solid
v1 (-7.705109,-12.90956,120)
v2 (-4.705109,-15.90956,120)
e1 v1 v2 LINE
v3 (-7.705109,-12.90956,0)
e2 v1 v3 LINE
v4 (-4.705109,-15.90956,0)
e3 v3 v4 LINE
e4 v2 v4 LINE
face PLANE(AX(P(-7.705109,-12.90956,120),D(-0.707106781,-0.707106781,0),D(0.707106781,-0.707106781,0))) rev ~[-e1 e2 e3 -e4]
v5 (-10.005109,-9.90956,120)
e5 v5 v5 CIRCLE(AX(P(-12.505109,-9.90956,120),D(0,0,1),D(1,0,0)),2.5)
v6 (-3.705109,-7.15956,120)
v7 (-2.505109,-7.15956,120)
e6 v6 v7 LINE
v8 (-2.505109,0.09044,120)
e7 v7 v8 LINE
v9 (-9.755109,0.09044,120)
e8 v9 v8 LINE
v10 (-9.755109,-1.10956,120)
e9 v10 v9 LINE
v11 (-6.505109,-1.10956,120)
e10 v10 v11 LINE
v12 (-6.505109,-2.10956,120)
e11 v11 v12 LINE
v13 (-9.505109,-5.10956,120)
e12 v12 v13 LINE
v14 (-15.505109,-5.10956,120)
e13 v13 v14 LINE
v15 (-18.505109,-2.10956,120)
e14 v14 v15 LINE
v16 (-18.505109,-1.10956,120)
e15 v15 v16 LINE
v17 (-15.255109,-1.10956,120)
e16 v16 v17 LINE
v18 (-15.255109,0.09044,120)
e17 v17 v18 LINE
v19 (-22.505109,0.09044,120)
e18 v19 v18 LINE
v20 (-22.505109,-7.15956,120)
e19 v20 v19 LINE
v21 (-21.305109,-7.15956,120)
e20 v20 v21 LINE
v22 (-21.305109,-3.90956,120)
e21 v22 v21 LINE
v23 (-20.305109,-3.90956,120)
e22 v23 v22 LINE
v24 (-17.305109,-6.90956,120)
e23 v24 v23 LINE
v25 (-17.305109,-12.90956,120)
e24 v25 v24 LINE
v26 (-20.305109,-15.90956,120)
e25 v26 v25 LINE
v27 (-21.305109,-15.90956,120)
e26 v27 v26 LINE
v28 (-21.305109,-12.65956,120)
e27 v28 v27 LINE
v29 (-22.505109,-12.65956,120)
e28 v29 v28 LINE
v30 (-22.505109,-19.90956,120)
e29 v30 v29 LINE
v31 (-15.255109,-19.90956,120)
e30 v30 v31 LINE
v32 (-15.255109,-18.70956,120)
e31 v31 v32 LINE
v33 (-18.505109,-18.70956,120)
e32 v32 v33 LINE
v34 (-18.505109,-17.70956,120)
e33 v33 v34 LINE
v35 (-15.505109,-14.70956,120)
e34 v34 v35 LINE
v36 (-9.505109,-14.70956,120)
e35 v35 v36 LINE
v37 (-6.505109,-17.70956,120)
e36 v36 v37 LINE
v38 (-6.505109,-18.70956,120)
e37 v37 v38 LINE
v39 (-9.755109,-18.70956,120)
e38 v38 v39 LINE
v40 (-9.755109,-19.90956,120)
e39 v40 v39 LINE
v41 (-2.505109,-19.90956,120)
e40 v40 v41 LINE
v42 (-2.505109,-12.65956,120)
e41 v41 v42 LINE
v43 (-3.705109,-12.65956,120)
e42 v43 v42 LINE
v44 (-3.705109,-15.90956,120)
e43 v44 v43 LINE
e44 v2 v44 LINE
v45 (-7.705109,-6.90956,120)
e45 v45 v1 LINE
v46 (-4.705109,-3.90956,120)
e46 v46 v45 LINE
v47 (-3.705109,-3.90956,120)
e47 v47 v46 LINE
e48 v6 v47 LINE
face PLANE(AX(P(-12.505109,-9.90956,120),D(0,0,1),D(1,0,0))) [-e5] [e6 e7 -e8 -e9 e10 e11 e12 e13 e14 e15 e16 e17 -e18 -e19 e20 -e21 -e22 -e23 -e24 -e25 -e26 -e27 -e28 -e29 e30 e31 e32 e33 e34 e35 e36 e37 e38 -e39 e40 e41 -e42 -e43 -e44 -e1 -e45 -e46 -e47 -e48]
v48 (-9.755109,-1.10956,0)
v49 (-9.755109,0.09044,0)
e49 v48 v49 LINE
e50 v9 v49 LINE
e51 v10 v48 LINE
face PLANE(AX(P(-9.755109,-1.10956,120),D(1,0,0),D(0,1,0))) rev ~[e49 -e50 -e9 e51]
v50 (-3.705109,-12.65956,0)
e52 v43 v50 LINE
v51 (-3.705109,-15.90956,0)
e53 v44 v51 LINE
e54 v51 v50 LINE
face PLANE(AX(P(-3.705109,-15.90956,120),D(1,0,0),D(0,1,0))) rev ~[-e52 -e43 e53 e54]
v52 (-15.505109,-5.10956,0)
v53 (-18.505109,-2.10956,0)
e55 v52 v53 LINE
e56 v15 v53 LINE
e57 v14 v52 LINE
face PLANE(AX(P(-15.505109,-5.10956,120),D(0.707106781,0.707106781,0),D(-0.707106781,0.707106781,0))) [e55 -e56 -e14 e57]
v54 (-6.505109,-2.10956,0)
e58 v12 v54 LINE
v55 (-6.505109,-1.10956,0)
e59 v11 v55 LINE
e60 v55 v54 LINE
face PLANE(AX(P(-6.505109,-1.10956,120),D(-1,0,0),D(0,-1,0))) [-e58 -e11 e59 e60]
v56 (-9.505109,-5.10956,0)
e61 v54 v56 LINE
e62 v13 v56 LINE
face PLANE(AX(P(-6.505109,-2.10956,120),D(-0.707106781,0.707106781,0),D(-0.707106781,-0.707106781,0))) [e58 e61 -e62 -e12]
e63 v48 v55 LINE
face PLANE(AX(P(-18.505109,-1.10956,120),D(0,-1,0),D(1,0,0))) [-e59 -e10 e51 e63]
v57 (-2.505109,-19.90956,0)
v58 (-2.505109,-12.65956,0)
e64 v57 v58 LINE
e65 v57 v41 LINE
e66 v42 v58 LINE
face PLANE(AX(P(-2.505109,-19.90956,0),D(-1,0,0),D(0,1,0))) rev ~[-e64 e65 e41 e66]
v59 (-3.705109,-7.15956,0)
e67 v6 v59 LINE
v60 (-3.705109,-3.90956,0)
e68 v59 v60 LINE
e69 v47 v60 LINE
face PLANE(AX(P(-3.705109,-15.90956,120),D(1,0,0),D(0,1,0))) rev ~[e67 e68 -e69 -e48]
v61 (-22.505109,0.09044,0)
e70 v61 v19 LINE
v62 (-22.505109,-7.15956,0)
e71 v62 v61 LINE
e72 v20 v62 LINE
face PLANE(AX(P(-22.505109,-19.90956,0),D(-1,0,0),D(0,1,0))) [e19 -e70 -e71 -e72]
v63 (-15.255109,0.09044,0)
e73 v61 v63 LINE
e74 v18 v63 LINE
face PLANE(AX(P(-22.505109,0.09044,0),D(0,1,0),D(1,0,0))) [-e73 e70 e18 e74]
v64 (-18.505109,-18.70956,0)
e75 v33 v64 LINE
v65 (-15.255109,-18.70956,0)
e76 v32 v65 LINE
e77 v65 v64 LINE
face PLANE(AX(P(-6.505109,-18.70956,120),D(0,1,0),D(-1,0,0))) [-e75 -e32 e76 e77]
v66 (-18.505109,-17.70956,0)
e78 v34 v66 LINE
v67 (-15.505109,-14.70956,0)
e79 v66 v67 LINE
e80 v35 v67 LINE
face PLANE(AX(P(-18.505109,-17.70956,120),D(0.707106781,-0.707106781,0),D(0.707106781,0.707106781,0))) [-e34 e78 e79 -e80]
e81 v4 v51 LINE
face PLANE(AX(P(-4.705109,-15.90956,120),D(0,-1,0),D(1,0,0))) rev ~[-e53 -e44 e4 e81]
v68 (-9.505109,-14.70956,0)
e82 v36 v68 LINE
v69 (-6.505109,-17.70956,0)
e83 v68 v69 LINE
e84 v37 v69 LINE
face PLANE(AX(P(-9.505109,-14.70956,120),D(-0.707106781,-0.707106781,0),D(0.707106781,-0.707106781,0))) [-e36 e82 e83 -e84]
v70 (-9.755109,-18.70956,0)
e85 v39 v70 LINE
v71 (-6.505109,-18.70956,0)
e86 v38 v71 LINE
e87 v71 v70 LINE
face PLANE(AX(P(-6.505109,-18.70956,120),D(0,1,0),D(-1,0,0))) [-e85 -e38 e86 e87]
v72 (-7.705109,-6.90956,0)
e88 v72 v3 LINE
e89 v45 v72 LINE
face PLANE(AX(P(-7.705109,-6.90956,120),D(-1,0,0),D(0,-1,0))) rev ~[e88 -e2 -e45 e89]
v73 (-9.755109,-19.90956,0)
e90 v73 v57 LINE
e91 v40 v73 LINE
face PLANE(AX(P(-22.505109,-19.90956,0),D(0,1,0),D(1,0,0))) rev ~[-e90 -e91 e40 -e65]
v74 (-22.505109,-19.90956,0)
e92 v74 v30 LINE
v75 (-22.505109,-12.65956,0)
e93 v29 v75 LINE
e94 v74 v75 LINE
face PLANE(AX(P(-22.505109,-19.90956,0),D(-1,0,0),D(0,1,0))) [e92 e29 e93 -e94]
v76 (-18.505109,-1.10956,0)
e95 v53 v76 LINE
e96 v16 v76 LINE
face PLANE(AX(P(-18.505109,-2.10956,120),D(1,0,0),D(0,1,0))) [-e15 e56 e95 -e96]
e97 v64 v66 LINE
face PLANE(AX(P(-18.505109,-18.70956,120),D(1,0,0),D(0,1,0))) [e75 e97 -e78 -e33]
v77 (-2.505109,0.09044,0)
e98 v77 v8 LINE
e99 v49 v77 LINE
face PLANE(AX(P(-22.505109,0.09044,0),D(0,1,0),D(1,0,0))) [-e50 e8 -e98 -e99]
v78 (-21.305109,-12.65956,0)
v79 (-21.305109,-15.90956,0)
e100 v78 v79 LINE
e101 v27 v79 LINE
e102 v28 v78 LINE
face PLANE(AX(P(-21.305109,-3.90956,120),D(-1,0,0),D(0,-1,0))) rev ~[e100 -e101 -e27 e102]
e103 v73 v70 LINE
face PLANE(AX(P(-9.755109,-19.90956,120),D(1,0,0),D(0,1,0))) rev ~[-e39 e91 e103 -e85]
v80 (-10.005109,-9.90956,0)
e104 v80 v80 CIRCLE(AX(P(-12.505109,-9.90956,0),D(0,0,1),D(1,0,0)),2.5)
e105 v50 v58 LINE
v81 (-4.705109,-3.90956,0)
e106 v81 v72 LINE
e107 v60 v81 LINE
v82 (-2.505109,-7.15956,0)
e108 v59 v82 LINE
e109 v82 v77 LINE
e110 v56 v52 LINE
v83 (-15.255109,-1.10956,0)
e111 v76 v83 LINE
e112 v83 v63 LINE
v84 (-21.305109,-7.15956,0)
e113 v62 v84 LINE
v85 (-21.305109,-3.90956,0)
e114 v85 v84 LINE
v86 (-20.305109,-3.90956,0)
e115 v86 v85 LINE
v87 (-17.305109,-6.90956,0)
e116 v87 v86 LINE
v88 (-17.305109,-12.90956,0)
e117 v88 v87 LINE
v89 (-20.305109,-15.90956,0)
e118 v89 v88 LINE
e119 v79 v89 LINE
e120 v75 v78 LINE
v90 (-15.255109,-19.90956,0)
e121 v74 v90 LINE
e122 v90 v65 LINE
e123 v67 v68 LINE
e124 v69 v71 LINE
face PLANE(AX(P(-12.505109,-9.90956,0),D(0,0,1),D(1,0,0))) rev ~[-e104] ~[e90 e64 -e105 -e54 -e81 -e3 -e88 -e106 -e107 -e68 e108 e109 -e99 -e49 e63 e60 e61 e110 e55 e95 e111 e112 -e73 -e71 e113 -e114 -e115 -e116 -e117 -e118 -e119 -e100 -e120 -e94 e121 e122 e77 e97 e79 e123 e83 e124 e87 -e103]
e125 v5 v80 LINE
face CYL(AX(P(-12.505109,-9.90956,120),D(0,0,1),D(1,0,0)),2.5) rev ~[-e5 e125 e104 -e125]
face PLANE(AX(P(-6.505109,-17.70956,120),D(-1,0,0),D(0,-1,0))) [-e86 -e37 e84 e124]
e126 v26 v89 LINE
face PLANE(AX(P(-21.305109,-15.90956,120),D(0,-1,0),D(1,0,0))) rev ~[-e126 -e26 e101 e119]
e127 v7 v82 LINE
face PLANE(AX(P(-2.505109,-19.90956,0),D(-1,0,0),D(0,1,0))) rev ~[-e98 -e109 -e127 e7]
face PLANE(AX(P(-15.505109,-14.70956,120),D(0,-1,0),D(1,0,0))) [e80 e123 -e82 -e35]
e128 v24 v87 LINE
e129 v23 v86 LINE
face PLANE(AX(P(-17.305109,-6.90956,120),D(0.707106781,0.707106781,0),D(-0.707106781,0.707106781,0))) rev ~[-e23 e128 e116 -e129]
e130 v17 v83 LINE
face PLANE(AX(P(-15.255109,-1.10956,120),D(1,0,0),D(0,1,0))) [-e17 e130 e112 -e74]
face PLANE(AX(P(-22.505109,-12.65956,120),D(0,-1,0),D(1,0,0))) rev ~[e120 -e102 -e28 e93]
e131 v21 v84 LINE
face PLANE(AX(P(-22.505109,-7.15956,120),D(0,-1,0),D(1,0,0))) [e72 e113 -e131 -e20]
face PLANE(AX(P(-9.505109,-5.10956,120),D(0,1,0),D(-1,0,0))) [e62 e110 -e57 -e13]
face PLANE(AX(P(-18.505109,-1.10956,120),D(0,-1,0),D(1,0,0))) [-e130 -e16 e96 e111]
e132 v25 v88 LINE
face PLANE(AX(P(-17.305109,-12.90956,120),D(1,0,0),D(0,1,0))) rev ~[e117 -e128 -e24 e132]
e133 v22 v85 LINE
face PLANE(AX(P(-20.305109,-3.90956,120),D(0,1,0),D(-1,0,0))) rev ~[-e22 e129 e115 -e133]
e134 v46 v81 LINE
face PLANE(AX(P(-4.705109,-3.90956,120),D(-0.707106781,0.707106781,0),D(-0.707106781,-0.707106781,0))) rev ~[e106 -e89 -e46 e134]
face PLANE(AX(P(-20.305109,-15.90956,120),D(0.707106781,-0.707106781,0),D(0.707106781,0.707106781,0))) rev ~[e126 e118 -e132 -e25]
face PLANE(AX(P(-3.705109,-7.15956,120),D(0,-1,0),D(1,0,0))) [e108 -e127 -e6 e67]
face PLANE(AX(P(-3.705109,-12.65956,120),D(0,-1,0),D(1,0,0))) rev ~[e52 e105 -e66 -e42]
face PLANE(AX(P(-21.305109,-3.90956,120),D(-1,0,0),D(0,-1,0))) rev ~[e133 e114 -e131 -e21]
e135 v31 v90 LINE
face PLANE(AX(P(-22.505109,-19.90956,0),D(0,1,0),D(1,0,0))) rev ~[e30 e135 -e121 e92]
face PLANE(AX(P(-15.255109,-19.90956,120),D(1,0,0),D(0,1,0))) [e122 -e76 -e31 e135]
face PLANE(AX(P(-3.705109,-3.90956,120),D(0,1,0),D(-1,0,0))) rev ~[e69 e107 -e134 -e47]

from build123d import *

# Parameters (mm, degrees)
ESQUISSE1_W             = 20
ESQUISSE1_H             = 20
BOSS_EXTRU_1_DEPTH      = 120
ESQUISSE2_W             = 1.2
ESQUISSE2_H             = 5.5
ESQUISSE2_W_2           = 5.5
ESQUISSE2_H_2           = 1.2
ENL_V_MAT_EXTRU_1_DEPTH = 121
ENL_V_MAT_EXTRU_2_DEPTH = 121
ESQUISSE4_R             = 2.5
ENL_V_MAT_EXTRU_3_DEPTH = 121


with BuildPart() as part:
    # Esquisse1 → Boss.-Extru.1 (new body)
    with BuildSketch(Plane.XY):
        with Locations((-12.505109137, -9.909560068)):
            Rectangle(ESQUISSE1_W, ESQUISSE1_H)
    extrude(amount=BOSS_EXTRU_1_DEPTH)

    # Esquisse2 → Enlèv. mat.-Extru.1 (cut, through all)
    with BuildSketch(Plane.XY.offset(120)):
        with Locations((-21.905109137, -9.909560068)):
            Rectangle(ESQUISSE2_W, ESQUISSE2_H)
        with Locations((-12.505109137, -0.509560068)):
            Rectangle(ESQUISSE2_W_2, ESQUISSE2_H_2)
        with Locations((-3.105109137, -9.909560068)):
            Rectangle(ESQUISSE2_W, ESQUISSE2_H)
        with Locations((-12.505109137, -19.309560068)):
            Rectangle(ESQUISSE2_W_2, ESQUISSE2_H_2)
    extrude(amount=-ENL_V_MAT_EXTRU_1_DEPTH, mode=Mode.SUBTRACT)

    # Esquisse3 → Enlèv. mat.-Extru.2 (cut, through all)
    with BuildSketch(Plane.XY.offset(120)):
        Polygon((-21.305109137, -15.909560068), (-20.305109137, -15.909560068), (-17.305109137, -12.909560068), (-17.305109137, -6.909560068), (-20.305109137, -3.909560068), (-21.305109137, -3.909560068), align=None)
        Polygon((-18.505109137, -1.109560068), (-6.505109137, -1.109560068), (-6.505109137, -2.109560068), (-9.505109137, -5.109560068), (-15.505109137, -5.109560068), (-18.505109137, -2.109560068), align=None)
        Polygon((-3.705109137, -3.909560068), (-4.705109137, -3.909560068), (-7.705109137, -6.909560068), (-7.705109137, -12.909560068), (-4.705109137, -15.909560068), (-3.705109137, -15.909560068), align=None)
        Polygon((-6.505109137, -18.709560068), (-18.505109137, -18.709560068), (-18.505109137, -17.709560068), (-15.505109137, -14.709560068), (-9.505109137, -14.709560068), (-6.505109137, -17.709560068), align=None)
    extrude(amount=-ENL_V_MAT_EXTRU_2_DEPTH, mode=Mode.SUBTRACT)

    # Esquisse4 → Enlèv. mat.-Extru.3 (cut, through all)
    with BuildSketch(Plane.XY.offset(120)):
        with Locations((-12.505109137, -9.909560068)):
            Circle(ESQUISSE4_R)
    extrude(amount=-ENL_V_MAT_EXTRU_3_DEPTH, mode=Mode.SUBTRACT)


solid = part.part
